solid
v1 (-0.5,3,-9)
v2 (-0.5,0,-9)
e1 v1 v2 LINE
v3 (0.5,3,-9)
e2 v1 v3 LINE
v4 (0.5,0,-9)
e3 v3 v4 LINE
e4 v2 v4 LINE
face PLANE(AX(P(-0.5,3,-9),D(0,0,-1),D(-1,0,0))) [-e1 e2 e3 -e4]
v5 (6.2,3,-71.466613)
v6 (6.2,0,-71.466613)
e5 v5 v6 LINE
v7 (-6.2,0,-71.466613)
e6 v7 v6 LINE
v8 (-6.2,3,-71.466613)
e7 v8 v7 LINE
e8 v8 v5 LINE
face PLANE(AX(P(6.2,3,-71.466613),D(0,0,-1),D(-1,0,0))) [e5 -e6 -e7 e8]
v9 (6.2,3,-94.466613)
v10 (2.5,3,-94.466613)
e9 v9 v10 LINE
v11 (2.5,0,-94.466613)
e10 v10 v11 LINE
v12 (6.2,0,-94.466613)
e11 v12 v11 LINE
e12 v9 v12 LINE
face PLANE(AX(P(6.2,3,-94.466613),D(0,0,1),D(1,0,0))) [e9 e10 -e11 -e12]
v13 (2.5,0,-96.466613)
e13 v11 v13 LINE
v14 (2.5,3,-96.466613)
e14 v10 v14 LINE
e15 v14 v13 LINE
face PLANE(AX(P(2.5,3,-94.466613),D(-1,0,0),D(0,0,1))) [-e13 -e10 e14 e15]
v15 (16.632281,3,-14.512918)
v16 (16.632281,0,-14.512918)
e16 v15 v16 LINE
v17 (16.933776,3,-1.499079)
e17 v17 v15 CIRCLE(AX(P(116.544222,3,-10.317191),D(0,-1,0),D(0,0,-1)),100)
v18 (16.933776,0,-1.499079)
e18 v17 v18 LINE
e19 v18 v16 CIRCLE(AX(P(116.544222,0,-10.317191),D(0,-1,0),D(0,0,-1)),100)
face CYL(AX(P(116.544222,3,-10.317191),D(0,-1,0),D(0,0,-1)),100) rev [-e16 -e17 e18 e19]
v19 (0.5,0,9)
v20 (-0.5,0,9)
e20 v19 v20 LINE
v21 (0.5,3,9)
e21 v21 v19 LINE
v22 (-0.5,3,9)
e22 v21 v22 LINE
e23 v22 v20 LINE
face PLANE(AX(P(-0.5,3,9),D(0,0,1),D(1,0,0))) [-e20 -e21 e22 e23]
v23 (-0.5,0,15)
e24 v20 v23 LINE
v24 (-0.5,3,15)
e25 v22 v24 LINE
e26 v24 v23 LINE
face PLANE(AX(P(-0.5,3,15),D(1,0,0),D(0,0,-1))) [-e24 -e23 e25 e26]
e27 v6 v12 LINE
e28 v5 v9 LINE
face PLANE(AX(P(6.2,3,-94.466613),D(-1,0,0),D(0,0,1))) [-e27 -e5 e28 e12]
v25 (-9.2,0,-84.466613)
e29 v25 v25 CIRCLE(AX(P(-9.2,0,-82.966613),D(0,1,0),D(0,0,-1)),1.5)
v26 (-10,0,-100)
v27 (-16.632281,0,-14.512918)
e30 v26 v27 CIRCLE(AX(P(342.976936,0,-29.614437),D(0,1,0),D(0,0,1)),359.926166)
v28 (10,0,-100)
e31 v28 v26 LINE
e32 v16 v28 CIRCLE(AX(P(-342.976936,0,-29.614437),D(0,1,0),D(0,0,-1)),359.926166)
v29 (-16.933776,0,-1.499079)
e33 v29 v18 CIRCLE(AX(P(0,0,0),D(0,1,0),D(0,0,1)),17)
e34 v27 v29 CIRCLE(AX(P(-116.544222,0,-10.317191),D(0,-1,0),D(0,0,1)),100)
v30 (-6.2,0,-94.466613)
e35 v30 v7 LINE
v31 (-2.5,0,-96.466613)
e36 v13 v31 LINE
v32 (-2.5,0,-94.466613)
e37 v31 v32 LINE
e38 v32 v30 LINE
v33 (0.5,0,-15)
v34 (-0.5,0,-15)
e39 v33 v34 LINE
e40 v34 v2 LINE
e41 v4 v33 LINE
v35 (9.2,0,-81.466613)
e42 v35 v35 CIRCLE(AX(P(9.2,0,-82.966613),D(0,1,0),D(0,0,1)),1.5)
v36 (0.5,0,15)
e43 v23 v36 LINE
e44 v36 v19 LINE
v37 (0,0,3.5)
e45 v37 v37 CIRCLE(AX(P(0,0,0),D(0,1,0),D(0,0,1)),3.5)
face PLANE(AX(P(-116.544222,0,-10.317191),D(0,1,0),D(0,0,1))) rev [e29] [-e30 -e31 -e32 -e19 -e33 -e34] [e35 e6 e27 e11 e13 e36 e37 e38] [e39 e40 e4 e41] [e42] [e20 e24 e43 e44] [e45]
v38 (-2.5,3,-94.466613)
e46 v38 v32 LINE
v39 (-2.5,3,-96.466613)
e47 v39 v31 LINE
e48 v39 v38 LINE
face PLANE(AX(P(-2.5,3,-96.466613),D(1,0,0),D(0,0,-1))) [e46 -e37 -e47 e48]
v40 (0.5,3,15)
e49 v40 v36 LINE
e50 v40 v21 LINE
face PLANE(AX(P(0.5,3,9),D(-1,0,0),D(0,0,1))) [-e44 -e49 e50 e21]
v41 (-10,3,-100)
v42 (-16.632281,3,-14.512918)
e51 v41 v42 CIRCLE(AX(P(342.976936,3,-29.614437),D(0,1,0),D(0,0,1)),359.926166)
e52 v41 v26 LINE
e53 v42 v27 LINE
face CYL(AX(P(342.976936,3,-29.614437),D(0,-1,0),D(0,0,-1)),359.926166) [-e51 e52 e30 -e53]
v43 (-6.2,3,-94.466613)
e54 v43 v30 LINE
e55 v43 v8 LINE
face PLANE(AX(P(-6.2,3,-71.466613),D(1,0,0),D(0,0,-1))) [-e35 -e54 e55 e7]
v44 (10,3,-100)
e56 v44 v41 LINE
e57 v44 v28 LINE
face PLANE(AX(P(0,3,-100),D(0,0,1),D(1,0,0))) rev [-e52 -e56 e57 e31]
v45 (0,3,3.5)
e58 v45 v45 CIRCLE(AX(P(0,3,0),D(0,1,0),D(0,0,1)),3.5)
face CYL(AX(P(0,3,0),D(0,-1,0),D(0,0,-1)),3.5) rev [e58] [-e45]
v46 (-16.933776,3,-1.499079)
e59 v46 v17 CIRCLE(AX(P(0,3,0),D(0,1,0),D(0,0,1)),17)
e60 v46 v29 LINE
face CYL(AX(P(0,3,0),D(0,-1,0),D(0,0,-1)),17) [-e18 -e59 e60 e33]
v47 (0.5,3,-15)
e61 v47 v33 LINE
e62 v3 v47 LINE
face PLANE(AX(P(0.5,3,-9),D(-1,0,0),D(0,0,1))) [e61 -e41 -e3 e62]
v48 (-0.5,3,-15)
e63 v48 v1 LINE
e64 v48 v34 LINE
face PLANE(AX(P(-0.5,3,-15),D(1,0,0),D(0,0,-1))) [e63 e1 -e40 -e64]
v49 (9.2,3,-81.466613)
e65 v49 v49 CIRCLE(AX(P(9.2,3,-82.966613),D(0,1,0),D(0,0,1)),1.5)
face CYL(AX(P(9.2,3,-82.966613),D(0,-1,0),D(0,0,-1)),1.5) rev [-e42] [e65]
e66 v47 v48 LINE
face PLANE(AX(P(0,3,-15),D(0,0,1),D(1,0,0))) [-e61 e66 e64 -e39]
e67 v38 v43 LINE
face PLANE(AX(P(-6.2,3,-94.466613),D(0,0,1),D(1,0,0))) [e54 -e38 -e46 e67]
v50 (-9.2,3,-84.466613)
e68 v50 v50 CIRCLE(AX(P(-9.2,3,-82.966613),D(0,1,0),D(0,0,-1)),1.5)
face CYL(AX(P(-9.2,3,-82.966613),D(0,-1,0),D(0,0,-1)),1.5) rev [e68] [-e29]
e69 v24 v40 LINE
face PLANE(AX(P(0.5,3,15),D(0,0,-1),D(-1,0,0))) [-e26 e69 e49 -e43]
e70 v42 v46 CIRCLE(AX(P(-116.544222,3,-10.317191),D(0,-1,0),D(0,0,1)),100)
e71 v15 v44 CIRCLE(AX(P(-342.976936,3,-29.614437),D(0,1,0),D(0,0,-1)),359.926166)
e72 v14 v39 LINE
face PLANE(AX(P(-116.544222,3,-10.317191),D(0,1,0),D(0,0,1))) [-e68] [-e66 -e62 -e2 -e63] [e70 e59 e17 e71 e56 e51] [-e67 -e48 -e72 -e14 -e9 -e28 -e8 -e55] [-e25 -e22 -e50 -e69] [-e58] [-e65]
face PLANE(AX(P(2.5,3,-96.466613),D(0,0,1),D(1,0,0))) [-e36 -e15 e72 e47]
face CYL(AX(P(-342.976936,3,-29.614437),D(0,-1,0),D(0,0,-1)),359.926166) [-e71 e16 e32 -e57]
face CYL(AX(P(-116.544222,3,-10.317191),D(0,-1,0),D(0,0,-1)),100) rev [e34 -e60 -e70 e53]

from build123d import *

# Parameters (mm, degrees)
ESBO_O4_R                = 3.5
ESBO_O4_R_2              = 1.5
RESSALTO_EXTRUS_O1_DEPTH = 3


with BuildPart() as part:
    # Esboço4 → Ressalto-extrusão1 (new body)
    with BuildSketch(Plane(origin=(0, 0, 0), x_dir=(1, 0, 0), z_dir=(0, 1, 0))):
        with BuildLine():
            Line((0, 100), (10, 100))
            ThreePointArc((10, 100), (15.870896117, 57.454662802), (16.6322809, 14.512918173))
            ThreePointArc((16.6322809, 14.512918173), (16.571046781, 8.001087588), (16.933775774, 1.499079062))
            ThreePointArc((16.933775774, 1.499079062), (0, -17), (-16.933775774, 1.499079062))
            ThreePointArc((-16.933775774, 1.499079062), (-16.571046781, 8.001087588), (-16.6322809, 14.512918173))
            ThreePointArc((-16.6322809, 14.512918173), (-15.870896117, 57.454662802), (-10, 100))
            Line((-10, 100), (0, 100))
        make_face()
        with Locations(Location((0, 0, 0), (0, 0, 270))):
            Circle(ESBO_O4_R, mode=Mode.SUBTRACT)
        with Locations(Location((9.2, 82.966613318, 0), (0, 0, 270))):
            Circle(ESBO_O4_R_2, mode=Mode.SUBTRACT)
        with Locations(Location((-9.2, 82.966613318, 0), (0, 0, 90))):
            Circle(ESBO_O4_R_2, mode=Mode.SUBTRACT)
        Polygon((6.2, 94.466613318), (6.2, 71.466613318), (-6.2, 71.466613318), (-6.2, 94.466613318), (-2.5, 94.466613318), (-2.5, 96.466613318), (2.5, 96.466613318), (2.5, 94.466613318), align=None, mode=Mode.SUBTRACT)
        Polygon((0, -15), (-0.5, -15), (-0.5, -9), (0.5, -9), (0.5, -15), align=None, mode=Mode.SUBTRACT)
        Polygon((0.5, 15), (0, 15), (-0.5, 15), (-0.5, 9), (0.5, 9), align=None, mode=Mode.SUBTRACT)
    extrude(amount=RESSALTO_EXTRUS_O1_DEPTH)


solid = part.part
